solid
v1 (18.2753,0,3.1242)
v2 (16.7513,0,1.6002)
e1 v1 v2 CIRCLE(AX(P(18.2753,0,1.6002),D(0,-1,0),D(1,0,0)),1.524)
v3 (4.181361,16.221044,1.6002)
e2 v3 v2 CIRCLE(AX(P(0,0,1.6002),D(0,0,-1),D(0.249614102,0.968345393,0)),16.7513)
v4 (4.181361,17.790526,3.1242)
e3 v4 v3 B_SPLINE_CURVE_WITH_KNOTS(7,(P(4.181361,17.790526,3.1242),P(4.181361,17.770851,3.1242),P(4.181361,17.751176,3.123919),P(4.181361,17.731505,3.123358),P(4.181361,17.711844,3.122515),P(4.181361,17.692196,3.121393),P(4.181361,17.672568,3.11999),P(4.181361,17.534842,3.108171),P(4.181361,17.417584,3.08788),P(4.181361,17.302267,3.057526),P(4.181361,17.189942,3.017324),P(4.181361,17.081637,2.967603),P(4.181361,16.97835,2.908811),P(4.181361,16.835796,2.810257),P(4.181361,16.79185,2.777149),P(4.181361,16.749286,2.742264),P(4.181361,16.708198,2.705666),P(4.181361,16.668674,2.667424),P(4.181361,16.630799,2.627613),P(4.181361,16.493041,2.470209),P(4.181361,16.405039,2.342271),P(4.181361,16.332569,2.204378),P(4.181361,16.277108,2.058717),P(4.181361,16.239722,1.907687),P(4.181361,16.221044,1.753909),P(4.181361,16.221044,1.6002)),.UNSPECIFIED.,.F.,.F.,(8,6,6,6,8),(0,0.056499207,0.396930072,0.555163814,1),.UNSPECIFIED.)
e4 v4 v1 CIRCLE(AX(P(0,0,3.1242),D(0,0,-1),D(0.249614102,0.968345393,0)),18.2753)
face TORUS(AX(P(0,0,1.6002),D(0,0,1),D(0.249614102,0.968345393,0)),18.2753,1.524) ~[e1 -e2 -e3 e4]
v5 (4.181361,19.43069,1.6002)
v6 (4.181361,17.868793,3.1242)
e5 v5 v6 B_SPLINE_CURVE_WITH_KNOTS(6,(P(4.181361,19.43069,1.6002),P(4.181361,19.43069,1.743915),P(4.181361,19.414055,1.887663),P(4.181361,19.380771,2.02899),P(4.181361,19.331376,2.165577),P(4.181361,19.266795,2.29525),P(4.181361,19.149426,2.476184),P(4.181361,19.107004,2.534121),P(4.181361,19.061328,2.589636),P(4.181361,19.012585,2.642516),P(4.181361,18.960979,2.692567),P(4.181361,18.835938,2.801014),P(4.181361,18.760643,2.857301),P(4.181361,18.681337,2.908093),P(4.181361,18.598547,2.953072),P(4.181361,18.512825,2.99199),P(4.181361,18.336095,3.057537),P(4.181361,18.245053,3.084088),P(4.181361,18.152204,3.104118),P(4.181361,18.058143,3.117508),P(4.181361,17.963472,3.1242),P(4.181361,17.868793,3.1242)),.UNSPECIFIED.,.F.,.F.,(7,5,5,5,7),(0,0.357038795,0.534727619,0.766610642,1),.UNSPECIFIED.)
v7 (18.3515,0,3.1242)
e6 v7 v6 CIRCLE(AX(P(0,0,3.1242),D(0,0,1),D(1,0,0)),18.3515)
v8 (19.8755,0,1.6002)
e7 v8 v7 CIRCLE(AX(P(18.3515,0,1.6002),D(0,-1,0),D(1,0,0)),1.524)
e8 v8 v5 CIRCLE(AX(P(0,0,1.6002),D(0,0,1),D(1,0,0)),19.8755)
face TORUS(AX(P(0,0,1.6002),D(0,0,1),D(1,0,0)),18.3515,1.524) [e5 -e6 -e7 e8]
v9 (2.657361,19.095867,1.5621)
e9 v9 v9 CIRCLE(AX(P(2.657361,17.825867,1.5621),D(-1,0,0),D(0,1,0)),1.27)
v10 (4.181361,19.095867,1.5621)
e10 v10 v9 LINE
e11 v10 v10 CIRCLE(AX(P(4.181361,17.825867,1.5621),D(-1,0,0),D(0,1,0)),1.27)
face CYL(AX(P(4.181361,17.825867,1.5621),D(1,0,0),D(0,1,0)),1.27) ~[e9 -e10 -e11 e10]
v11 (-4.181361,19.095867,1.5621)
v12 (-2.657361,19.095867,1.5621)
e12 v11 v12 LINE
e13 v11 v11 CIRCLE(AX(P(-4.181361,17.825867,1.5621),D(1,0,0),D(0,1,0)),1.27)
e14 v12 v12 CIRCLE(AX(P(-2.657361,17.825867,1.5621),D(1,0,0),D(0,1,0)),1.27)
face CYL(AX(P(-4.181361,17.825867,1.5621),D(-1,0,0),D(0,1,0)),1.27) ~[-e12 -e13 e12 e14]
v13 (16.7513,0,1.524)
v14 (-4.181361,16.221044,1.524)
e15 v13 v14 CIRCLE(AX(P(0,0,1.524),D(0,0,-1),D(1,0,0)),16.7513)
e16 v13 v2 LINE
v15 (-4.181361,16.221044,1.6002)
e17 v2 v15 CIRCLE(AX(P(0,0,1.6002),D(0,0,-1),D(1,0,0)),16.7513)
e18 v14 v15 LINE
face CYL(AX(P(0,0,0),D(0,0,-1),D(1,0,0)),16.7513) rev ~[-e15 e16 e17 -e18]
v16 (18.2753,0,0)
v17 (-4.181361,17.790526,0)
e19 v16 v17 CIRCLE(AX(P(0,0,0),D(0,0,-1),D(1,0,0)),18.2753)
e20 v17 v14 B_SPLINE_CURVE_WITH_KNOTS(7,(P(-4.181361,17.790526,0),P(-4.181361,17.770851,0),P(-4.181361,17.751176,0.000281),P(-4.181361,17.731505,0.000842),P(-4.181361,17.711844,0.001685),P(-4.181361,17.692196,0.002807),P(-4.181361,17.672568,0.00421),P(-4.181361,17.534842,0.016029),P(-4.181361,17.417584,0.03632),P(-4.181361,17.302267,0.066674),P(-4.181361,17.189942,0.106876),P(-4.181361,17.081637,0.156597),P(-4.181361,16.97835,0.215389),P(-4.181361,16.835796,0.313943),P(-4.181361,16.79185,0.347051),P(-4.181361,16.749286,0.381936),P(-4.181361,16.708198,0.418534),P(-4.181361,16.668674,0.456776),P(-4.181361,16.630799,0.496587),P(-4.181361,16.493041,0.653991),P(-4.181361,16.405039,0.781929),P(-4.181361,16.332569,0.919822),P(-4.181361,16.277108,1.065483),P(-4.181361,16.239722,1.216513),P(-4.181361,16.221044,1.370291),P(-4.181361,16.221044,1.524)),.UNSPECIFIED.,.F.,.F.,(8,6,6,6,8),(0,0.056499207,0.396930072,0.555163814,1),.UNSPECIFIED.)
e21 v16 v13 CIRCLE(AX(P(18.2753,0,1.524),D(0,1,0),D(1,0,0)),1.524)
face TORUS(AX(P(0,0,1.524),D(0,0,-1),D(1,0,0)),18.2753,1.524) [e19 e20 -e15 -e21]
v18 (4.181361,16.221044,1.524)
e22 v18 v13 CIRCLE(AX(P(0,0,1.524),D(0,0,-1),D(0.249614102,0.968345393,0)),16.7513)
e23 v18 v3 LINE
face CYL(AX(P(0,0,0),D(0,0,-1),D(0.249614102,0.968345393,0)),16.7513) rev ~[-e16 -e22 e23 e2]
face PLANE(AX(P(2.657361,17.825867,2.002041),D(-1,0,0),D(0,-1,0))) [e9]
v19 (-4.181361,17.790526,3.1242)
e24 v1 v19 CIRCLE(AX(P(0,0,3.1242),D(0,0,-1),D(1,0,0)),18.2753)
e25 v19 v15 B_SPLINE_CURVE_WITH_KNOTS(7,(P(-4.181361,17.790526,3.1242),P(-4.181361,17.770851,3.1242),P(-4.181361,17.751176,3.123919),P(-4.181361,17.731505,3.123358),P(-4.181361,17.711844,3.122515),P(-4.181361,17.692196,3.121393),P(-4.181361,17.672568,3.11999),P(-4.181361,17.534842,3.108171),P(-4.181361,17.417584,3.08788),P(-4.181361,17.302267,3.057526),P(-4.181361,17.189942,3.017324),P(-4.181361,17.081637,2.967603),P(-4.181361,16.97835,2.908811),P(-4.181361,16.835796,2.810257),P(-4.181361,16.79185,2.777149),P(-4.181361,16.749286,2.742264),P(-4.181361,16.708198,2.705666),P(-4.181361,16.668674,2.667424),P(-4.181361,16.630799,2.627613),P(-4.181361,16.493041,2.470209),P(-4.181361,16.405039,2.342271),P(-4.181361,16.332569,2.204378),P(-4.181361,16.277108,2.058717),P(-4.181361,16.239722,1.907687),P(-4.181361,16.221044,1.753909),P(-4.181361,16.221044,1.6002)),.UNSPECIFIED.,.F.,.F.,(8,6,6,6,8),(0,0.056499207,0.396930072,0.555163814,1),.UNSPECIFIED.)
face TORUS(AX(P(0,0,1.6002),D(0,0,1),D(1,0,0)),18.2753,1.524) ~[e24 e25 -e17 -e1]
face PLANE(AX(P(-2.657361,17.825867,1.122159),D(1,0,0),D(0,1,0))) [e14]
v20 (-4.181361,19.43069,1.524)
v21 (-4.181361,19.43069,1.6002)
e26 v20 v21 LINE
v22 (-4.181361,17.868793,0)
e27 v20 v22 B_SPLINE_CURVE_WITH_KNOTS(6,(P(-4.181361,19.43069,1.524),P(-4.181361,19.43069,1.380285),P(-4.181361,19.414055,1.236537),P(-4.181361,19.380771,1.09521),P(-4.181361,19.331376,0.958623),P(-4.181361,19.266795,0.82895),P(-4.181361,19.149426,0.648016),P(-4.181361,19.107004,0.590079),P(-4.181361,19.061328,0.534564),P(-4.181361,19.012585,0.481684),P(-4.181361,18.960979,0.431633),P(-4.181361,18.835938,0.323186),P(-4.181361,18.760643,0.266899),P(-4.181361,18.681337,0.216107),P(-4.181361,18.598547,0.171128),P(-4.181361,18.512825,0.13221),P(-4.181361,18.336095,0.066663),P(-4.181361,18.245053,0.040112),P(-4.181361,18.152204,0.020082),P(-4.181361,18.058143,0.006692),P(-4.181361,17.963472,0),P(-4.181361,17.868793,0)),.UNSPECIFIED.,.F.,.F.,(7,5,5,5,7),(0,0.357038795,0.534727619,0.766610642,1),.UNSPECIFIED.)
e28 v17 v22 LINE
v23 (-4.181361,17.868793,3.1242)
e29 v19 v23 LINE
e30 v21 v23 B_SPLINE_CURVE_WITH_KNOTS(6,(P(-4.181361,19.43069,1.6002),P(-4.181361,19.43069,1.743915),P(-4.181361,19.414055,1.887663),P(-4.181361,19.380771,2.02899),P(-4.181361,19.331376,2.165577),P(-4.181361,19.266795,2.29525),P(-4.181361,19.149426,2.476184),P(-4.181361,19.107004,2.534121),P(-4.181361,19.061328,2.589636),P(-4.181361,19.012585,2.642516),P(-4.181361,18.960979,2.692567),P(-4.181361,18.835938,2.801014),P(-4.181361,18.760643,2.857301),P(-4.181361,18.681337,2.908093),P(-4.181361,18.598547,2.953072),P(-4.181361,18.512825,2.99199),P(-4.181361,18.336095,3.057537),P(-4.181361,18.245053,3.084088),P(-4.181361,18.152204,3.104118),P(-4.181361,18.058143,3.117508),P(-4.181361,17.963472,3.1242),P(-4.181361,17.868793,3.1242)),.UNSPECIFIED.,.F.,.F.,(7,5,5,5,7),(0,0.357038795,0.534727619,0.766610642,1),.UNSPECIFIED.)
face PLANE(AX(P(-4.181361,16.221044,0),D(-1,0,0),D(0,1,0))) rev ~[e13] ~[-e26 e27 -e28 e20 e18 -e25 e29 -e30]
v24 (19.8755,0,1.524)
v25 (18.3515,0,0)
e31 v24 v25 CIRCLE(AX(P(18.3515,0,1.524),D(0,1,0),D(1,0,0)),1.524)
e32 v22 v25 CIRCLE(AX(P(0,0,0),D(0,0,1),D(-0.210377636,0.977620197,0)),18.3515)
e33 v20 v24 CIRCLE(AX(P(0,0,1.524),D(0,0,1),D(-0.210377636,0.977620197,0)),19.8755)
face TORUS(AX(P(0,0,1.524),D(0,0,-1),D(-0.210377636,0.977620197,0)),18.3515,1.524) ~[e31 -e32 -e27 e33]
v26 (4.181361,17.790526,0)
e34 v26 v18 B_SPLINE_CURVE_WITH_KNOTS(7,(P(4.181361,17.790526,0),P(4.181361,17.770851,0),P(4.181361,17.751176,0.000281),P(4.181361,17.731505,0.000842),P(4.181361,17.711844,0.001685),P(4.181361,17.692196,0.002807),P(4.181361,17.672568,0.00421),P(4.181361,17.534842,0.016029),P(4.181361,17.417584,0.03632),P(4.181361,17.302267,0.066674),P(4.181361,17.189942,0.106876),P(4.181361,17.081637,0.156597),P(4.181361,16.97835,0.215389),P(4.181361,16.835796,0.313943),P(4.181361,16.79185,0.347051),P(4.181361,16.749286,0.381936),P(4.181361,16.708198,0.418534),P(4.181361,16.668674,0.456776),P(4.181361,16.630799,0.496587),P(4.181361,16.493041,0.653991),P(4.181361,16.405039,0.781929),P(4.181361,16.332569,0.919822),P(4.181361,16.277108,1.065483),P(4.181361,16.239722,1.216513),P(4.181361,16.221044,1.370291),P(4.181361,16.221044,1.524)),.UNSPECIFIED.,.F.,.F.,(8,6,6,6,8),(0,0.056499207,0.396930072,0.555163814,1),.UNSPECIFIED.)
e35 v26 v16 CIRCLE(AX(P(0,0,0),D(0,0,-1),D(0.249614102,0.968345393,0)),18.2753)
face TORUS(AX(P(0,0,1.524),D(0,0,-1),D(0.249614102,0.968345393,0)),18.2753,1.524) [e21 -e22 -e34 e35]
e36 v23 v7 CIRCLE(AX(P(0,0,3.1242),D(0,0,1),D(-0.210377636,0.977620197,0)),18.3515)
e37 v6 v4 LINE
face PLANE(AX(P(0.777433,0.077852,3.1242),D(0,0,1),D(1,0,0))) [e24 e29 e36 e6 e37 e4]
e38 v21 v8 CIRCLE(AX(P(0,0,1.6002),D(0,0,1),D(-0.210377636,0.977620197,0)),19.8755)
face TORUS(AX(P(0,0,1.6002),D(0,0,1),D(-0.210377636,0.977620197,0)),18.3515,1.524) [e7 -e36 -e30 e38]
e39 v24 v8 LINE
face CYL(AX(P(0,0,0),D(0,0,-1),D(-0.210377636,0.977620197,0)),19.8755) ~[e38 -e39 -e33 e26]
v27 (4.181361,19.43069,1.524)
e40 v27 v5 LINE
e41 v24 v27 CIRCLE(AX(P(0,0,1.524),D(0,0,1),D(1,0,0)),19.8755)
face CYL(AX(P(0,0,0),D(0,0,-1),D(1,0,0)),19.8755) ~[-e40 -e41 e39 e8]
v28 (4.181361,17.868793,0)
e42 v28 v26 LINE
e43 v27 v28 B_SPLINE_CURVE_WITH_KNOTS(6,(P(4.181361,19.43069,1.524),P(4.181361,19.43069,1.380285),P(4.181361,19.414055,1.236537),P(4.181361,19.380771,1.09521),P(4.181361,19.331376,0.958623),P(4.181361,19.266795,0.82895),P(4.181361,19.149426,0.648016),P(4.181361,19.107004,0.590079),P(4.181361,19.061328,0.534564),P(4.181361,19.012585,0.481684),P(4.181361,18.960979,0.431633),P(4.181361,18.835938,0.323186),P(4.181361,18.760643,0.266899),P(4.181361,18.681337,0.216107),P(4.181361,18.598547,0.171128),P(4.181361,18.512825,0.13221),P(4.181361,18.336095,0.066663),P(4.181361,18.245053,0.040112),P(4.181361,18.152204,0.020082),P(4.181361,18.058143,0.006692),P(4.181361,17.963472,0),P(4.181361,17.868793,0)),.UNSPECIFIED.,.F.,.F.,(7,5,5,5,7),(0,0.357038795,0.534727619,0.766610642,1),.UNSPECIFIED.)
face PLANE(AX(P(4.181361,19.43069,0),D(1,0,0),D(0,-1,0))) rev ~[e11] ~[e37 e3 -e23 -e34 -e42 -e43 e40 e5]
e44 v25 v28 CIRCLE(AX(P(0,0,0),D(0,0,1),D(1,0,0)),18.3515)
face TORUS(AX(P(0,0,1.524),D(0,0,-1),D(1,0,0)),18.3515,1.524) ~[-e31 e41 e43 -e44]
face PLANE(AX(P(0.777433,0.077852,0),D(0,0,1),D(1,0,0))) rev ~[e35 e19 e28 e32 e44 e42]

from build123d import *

# Parameters (mm, degrees)
F1_DEPTH = 3.1242
F3_DEPTH = 1.524
F5_DEPTH = 1.524
F6_R     = 1.524


with BuildPart() as f1:
    # F0 (on Top) → F1 (new body)
    with BuildSketch(Plane.XY):
        with BuildLine():
            ThreePointArc((-4.1813607, 19.4306902334), (-12.4885720893, -15.4619231476), (19.8755, 0))
            ThreePointArc((19.8755, 0), (15.4619231476, 12.4885720893), (4.1813607, 19.4306902334))
            Line((4.1813607, 19.4306902334), (4.1813607, 16.221044183))
            ThreePointArc((4.1813607, 16.221044183), (13.2410210933, 10.2606730821), (16.7513, 0))
            ThreePointArc((16.7513, 0), (-10.2606730821, -13.2410210933), (-4.1813607, 16.221044183))
            Line((-4.1813607, 16.221044183), (-4.1813607, 19.4306902334))
        make_face()
    extrude(amount=F1_DEPTH)

    # F2 (on face) → F3 (join)
    with BuildSketch(Plane(origin=(4.1813607, 0, 0), x_dir=(0, -1, 0), z_dir=(-1, 0, 0))):
        with BuildLine():
            Line((-19.0958672082, 1.5621), (-16.5558672082, 1.5621))
            ThreePointArc((-16.5558672082, 1.5621), (-17.8258672082, 2.8321), (-19.0958672082, 1.5621))
        make_face()
        with BuildLine():
            ThreePointArc((-19.0958672082, 1.5621), (-17.8258672082, 0.2921), (-16.5558672082, 1.5621))
            Line((-16.5558672082, 1.5621), (-19.0958672082, 1.5621))
        make_face()
    extrude(amount=F3_DEPTH)

    # F4 (on face) → F5 (join)
    with BuildSketch(Plane.YZ.offset(-4.1813607)):
        with BuildLine():
            ThreePointArc((16.5558672082, 1.5621), (17.8258672082, 0.2921), (19.0958672082, 1.5621))
            Line((19.0958672082, 1.5621), (16.5558672082, 1.5621))
        make_face()
        with BuildLine():
            Line((16.5558672082, 1.5621), (19.0958672082, 1.5621))
            ThreePointArc((19.0958672082, 1.5621), (17.8258672082, 2.8321), (16.5558672082, 1.5621))
        make_face()
    extrude(amount=F5_DEPTH)

    # F6
    f6_edges = [f1.edges().sort_by_distance(p)[0] for p in [
        (0, -16.7513, 3.1242),
        (-12.488572, -15.461923, 3.1242),
        (-12.488572, -15.461923, 0),
        (0, -16.7513, 0),
    ]]
    fillet(f6_edges, radius=F6_R)


solid = f1.part
